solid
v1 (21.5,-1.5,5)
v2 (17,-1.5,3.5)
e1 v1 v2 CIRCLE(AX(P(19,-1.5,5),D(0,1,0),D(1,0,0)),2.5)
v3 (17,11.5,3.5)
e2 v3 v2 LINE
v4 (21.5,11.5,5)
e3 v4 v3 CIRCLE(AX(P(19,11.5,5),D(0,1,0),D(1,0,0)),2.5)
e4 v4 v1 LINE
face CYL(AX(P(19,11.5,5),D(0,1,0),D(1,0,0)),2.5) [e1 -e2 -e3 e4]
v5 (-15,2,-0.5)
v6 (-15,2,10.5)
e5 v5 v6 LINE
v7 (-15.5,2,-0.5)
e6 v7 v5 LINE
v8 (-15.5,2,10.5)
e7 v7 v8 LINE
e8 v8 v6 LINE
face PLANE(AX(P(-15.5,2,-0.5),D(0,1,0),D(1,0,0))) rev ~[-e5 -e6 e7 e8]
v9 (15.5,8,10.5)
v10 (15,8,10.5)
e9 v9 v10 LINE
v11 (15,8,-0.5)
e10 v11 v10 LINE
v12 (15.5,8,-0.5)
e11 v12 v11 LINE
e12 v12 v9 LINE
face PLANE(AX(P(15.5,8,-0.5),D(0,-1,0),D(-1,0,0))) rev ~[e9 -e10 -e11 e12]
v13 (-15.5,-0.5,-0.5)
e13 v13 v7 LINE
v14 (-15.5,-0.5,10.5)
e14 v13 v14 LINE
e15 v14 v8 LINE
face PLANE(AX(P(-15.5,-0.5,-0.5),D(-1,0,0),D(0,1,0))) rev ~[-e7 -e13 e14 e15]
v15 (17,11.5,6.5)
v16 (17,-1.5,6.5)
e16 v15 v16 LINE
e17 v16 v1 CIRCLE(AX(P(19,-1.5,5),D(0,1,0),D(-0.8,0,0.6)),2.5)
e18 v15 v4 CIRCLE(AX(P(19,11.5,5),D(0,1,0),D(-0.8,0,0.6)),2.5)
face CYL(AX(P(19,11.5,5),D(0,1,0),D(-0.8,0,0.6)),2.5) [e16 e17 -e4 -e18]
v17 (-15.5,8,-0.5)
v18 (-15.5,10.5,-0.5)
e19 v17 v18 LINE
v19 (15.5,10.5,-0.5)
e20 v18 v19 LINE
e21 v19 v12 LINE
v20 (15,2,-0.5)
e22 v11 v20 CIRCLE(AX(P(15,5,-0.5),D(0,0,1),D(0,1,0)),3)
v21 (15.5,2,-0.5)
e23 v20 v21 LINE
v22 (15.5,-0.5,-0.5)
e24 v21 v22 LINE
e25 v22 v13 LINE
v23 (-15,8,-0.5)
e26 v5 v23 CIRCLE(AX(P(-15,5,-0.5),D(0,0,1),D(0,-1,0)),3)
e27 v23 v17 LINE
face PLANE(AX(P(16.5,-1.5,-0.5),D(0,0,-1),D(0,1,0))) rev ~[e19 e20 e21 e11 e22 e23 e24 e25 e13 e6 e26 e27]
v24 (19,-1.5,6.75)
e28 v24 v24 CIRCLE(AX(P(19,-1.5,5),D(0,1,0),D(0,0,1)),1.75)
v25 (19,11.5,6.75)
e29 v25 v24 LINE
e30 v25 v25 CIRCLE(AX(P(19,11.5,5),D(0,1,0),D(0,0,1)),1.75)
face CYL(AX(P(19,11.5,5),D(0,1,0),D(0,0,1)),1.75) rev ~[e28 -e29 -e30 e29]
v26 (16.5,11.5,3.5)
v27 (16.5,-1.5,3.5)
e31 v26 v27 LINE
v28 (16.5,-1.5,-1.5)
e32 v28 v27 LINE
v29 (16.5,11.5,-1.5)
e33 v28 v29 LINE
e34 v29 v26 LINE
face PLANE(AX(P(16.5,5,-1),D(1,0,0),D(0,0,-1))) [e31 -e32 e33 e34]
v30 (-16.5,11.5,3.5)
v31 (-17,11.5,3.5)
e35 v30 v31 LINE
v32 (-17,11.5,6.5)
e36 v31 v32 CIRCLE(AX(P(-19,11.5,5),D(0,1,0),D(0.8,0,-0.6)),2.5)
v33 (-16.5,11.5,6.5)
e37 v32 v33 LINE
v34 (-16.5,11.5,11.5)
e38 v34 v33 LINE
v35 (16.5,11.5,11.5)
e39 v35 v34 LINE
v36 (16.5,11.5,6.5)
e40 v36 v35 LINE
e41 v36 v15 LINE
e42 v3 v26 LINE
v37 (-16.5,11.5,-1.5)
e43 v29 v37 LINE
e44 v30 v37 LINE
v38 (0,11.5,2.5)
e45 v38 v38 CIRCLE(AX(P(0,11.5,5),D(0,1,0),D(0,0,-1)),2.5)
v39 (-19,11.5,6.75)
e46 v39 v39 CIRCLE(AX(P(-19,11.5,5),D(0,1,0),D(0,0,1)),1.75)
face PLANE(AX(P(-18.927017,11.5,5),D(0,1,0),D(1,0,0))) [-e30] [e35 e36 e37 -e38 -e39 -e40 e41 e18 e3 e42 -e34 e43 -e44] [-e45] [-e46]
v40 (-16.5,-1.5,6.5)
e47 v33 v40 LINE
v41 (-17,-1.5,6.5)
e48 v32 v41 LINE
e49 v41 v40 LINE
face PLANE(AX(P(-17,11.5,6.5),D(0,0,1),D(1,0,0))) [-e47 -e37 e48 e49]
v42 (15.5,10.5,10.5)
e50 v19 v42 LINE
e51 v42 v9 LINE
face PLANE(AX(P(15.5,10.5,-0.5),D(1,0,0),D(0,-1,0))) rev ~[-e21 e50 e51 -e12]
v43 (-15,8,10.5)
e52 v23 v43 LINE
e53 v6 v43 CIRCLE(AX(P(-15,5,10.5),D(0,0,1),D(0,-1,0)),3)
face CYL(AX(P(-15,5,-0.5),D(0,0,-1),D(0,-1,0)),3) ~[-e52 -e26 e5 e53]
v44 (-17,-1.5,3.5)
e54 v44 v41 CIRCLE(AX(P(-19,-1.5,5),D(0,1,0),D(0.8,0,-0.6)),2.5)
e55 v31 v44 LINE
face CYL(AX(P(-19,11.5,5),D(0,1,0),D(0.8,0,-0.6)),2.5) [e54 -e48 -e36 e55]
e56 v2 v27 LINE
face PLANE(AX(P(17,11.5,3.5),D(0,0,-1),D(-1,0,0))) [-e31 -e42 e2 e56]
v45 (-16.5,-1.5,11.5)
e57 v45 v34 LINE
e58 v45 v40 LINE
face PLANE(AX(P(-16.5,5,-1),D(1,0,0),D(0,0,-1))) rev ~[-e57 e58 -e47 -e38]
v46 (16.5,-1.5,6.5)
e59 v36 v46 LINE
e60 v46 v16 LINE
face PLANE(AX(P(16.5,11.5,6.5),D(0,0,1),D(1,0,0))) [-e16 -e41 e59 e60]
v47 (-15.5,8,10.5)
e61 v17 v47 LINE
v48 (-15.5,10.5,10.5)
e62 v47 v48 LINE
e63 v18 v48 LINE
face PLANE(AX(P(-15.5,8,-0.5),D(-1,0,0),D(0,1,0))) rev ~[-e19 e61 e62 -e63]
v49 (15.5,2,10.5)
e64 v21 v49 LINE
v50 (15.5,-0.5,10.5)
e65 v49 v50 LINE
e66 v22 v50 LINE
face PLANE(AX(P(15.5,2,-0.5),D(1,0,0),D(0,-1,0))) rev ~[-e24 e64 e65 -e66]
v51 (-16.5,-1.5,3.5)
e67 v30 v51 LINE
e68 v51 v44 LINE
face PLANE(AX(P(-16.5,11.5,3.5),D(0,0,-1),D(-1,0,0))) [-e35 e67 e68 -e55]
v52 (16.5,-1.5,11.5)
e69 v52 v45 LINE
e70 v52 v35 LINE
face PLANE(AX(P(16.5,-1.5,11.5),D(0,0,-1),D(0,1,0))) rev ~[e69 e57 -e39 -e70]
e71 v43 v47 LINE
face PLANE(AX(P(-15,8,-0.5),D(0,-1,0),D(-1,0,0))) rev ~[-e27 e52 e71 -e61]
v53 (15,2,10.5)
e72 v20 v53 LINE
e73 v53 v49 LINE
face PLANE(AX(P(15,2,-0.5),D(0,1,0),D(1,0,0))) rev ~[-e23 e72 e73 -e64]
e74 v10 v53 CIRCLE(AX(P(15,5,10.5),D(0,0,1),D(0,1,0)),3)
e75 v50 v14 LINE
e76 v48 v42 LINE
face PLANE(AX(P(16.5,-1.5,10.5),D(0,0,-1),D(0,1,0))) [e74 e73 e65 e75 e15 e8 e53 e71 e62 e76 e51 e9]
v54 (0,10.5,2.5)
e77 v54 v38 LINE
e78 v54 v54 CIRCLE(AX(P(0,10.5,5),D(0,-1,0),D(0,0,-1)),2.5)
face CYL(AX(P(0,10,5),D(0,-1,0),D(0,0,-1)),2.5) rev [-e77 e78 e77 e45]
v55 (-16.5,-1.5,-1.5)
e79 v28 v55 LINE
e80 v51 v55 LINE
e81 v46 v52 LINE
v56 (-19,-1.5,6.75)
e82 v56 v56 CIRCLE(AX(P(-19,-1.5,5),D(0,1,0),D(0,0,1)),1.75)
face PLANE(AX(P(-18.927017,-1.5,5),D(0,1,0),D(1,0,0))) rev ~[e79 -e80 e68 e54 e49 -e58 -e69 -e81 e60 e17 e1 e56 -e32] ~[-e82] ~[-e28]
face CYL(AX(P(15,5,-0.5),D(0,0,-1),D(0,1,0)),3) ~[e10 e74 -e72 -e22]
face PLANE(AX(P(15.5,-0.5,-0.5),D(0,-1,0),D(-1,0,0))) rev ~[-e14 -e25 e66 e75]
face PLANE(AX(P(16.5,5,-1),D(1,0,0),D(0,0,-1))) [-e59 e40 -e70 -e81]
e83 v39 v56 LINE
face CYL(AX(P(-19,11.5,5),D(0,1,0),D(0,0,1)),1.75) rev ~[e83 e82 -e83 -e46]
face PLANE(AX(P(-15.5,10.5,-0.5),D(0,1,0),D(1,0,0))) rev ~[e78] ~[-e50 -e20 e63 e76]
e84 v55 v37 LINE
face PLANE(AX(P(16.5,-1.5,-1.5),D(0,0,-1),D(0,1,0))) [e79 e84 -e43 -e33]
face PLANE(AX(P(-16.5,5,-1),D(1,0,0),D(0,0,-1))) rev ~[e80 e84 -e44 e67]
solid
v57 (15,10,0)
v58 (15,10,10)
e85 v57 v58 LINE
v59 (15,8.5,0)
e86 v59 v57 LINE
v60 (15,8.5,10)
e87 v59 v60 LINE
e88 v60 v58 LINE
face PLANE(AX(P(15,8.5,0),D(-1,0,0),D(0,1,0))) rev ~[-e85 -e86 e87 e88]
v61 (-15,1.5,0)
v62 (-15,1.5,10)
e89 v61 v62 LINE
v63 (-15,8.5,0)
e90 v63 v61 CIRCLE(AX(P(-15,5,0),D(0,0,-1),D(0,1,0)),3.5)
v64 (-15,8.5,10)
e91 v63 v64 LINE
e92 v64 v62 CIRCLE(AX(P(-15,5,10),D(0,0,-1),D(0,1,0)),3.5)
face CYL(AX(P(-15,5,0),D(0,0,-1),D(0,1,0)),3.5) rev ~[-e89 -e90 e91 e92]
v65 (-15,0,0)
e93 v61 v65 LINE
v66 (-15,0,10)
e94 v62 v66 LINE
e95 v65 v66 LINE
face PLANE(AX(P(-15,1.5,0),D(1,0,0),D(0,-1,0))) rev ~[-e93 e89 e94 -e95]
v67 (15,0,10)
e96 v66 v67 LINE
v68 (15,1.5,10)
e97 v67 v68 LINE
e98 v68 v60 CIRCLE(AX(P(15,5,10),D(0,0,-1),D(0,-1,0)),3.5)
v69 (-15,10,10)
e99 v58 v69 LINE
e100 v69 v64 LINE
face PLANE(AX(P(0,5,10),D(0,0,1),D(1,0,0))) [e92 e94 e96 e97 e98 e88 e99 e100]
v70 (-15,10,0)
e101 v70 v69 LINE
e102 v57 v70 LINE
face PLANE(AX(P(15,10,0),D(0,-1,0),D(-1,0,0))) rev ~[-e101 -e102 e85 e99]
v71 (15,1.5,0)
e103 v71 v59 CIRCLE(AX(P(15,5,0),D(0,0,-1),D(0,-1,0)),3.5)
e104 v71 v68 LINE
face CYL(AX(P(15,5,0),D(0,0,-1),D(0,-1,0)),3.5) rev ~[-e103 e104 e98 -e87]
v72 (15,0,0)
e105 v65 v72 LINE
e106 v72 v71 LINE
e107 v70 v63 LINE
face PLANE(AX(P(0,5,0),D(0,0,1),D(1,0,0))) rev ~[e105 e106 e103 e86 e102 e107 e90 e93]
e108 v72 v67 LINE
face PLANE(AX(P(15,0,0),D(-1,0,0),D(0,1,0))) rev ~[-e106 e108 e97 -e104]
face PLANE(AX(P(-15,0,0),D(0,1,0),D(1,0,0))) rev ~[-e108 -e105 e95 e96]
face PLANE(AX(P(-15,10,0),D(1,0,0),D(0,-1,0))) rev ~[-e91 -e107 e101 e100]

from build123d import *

# Parameters (mm, degrees)
BOSS_EXTRUDE2_DEPTH = 10
BOSS_EXTRUDE3_DEPTH = 11
SKETCH3_W           = 1
SKETCH3_H           = 13
BOSS_EXTRUDE4_DEPTH = 33
SKETCH4_R           = 1.75
BOSS_EXTRUDE5_DEPTH = 13
SKETCH5_R           = 2.5
CUT_EXTRUDE1_DEPTH  = 1.5


with BuildPart() as part:
    # Sketch1 → Boss-Extrude2 (new body)
    with BuildSketch(Plane.XY):
        with BuildLine():
            Line((-15, 0), (15, 0))
            Line((15, 0), (15, 1.5))
            ThreePointArc((15, 1.5), (11.5, 5), (15, 8.5))
            Line((15, 8.5), (15, 10))
            Line((15, 10), (-15, 10))
            Line((-15, 10), (-15, 8.5))
            ThreePointArc((-15, 8.5), (-11.5, 5), (-15, 1.5))
            Line((-15, 1.5), (-15, 0))
        make_face()
    extrude(amount=BOSS_EXTRUDE2_DEPTH)


with BuildPart() as body_2:
    # Sketch2 → Boss-Extrude3 (new body)
    # profile 1 of 3: a face of its own
    with BuildSketch(Plane(origin=(0, 0, -0.5), x_dir=(-1, 0, 0), z_dir=(0, 0, -1))):
        with BuildLine():
            Line((15, 3), (16.5, 3))
            Line((16.5, 3), (16.5, -1.5))
            Line((16.5, -1.5), (0, -1.5))
            Line((0, -1.5), (-16.5, -1.5))
            Line((-16.5, -1.5), (-16.5, 3))
            Line((-16.5, 3), (-15, 3))
            ThreePointArc((-15, 3), (-13, 5), (-15, 7))
            Line((-15, 7), (-16.5, 7))
            Line((-16.5, 7), (-16.5, 11.5))
            Line((-16.5, 11.5), (0, 11.5))
            Line((0, 11.5), (16.5, 11.5))
            Line((16.5, 11.5), (16.5, 7))
            Line((16.5, 7), (15, 7))
            ThreePointArc((15, 7), (13, 5), (15, 3))
        make_face()
        with BuildLine():
            ThreePointArc((15, 2), (12, 5), (15, 8))
            Line((15, 8), (15.5, 8))
            Line((15.5, 8), (15.5, 10.5))
            Line((15.5, 10.5), (0, 10.5))
            Line((0, 10.5), (-15.5, 10.5))
            Line((-15.5, 10.5), (-15.5, 8))
            Line((-15.5, 8), (-15, 8))
            ThreePointArc((-15, 8), (-12, 5), (-15, 2))
            Line((-15, 2), (-15.5, 2))
            Line((-15.5, 2), (-15.5, -0.5))
            Line((-15.5, -0.5), (0, -0.5))
            Line((0, -0.5), (15.5, -0.5))
            Line((15.5, -0.5), (15.5, 2))
            Line((15.5, 2), (15, 2))
        make_face(mode=Mode.SUBTRACT)
    # profile 2 of 3: a face of its own
    with BuildSketch(Plane(origin=(0, 0, -0.5), x_dir=(-1, 0, 0), z_dir=(0, 0, -1))):
        with BuildLine():
            ThreePointArc((15, 3), (13, 5), (15, 7))
            Line((15, 7), (16.5, 7))
            Line((16.5, 7), (16.5, 3))
            Line((16.5, 3), (15, 3))
        make_face()
    # profile 3 of 3: a face of its own
    with BuildSketch(Plane(origin=(0, 0, -0.5), x_dir=(-1, 0, 0), z_dir=(0, 0, -1))):
        with BuildLine():
            Line((-15, 3), (-16.5, 3))
            Line((-16.5, 3), (-16.5, 7))
            Line((-16.5, 7), (-15, 7))
            ThreePointArc((-15, 7), (-13, 5), (-15, 3))
        make_face()
    extrude(amount=-BOSS_EXTRUDE3_DEPTH)

    # Sketch3 → Boss-Extrude4 (add)
    with BuildSketch(Plane(origin=(16.5, 0, 0), x_dir=(0, 0, -1), z_dir=(1, 0, 0))):
        with Locations((1, 5)):
            Rectangle(SKETCH3_W, SKETCH3_H)
        with Locations((-11, 5)):
            Rectangle(SKETCH3_W, SKETCH3_H)
    extrude(amount=-BOSS_EXTRUDE4_DEPTH)

    # Sketch4 → Boss-Extrude5 (add)
    # profile 1 of 8: a face of its own
    with BuildSketch(Plane(origin=(0, 11.5, 0), x_dir=(1, 0, 0), z_dir=(0, 1, 0))):
        with BuildLine():
            Line((-17.1, -3.5), (-17, -3.5))
            ThreePointArc((-17, -3.5), (-21.5, -5), (-17, -6.5))
            Line((-17, -6.5), (-17.1, -6.5))
            Line((-17.1, -6.5), (-17.1, -3.5))
        make_face()
        with Locations(Location((-19, -5, 0), (0, 0, 270))):
            Circle(SKETCH4_R, mode=Mode.SUBTRACT)
    # profile 2 of 8: a face of its own
    with BuildSketch(Plane(origin=(0, 11.5, 0), x_dir=(1, 0, 0), z_dir=(0, 1, 0))):
        with BuildLine():
            ThreePointArc((-16.5, -5), (-16.628291755, -4.209430585), (-17, -3.5))
            Line((-17, -3.5), (-17.1, -3.5))
            Line((-17.1, -3.5), (-17.1, -6.5))
            Line((-17.1, -6.5), (-17, -6.5))
            ThreePointArc((-17, -6.5), (-16.628291755, -5.790569415), (-16.5, -5))
        make_face()
    # profile 3 of 8: a face of its own
    with BuildSketch(Plane(origin=(0, 11.5, 0), x_dir=(1, 0, 0), z_dir=(0, 1, 0))):
        with BuildLine():
            Line((-16.5, -6.5), (-16.5, -5))
            ThreePointArc((-16.5, -5), (-16.628291755, -5.790569415), (-17, -6.5))
            Line((-17, -6.5), (-16.5, -6.5))
        make_face()
    # profile 4 of 8: a face of its own
    with BuildSketch(Plane(origin=(0, 11.5, 0), x_dir=(1, 0, 0), z_dir=(0, 1, 0))):
        with BuildLine():
            Line((-16.5, -5), (-16.5, -3.5))
            Line((-16.5, -3.5), (-17, -3.5))
            ThreePointArc((-17, -3.5), (-16.628291755, -4.209430585), (-16.5, -5))
        make_face()
    # profile 5 of 8: a face of its own
    with BuildSketch(Plane(origin=(0, 11.5, 0), x_dir=(1, 0, 0), z_dir=(0, 1, 0))):
        with BuildLine():
            ThreePointArc((16.5, -5), (16.628291755, -5.790569415), (17, -6.5))
            Line((17, -6.5), (17.1, -6.5))
            Line((17.1, -6.5), (17.1, -3.5))
            Line((17.1, -3.5), (17, -3.5))
            ThreePointArc((17, -3.5), (16.628291755, -4.209430585), (16.5, -5))
        make_face()
    # profile 6 of 8: a face of its own
    with BuildSketch(Plane(origin=(0, 11.5, 0), x_dir=(1, 0, 0), z_dir=(0, 1, 0))):
        with BuildLine():
            Line((16.5, -3.5), (16.5, -5))
            ThreePointArc((16.5, -5), (16.628291755, -4.209430585), (17, -3.5))
            Line((17, -3.5), (16.5, -3.5))
        make_face()
    # profile 7 of 8: a face of its own
    with BuildSketch(Plane(origin=(0, 11.5, 0), x_dir=(1, 0, 0), z_dir=(0, 1, 0))):
        with BuildLine():
            Line((16.5, -5), (16.5, -6.5))
            Line((16.5, -6.5), (17, -6.5))
            ThreePointArc((17, -6.5), (16.628291755, -5.790569415), (16.5, -5))
        make_face()
    # profile 8 of 8: a face of its own
    with BuildSketch(Plane(origin=(0, 11.5, 0), x_dir=(1, 0, 0), z_dir=(0, 1, 0))):
        with BuildLine():
            Line((17.1, -6.5), (17, -6.5))
            ThreePointArc((17, -6.5), (19.790569415, -7.371708245), (21.5, -5))
            ThreePointArc((21.5, -5), (19.790569415, -2.628291755), (17, -3.5))
            Line((17, -3.5), (17.1, -3.5))
            Line((17.1, -3.5), (17.1, -6.5))
        make_face()
        with Locations(Location((19, -5, 0), (0, 0, 270))):
            Circle(SKETCH4_R, mode=Mode.SUBTRACT)
    extrude(amount=-BOSS_EXTRUDE5_DEPTH)

    # Sketch5 → Cut-Extrude1 (cut)
    with BuildSketch(Plane(origin=(0, 10, 0), x_dir=(1, 0, 0), z_dir=(0, 1, 0))):
        with Locations(Location((0, -5, 0), (0, 0, 90))):
            Circle(SKETCH5_R)
    extrude(amount=CUT_EXTRUDE1_DEPTH, mode=Mode.SUBTRACT)


solid = Compound([part.part, body_2.part])
